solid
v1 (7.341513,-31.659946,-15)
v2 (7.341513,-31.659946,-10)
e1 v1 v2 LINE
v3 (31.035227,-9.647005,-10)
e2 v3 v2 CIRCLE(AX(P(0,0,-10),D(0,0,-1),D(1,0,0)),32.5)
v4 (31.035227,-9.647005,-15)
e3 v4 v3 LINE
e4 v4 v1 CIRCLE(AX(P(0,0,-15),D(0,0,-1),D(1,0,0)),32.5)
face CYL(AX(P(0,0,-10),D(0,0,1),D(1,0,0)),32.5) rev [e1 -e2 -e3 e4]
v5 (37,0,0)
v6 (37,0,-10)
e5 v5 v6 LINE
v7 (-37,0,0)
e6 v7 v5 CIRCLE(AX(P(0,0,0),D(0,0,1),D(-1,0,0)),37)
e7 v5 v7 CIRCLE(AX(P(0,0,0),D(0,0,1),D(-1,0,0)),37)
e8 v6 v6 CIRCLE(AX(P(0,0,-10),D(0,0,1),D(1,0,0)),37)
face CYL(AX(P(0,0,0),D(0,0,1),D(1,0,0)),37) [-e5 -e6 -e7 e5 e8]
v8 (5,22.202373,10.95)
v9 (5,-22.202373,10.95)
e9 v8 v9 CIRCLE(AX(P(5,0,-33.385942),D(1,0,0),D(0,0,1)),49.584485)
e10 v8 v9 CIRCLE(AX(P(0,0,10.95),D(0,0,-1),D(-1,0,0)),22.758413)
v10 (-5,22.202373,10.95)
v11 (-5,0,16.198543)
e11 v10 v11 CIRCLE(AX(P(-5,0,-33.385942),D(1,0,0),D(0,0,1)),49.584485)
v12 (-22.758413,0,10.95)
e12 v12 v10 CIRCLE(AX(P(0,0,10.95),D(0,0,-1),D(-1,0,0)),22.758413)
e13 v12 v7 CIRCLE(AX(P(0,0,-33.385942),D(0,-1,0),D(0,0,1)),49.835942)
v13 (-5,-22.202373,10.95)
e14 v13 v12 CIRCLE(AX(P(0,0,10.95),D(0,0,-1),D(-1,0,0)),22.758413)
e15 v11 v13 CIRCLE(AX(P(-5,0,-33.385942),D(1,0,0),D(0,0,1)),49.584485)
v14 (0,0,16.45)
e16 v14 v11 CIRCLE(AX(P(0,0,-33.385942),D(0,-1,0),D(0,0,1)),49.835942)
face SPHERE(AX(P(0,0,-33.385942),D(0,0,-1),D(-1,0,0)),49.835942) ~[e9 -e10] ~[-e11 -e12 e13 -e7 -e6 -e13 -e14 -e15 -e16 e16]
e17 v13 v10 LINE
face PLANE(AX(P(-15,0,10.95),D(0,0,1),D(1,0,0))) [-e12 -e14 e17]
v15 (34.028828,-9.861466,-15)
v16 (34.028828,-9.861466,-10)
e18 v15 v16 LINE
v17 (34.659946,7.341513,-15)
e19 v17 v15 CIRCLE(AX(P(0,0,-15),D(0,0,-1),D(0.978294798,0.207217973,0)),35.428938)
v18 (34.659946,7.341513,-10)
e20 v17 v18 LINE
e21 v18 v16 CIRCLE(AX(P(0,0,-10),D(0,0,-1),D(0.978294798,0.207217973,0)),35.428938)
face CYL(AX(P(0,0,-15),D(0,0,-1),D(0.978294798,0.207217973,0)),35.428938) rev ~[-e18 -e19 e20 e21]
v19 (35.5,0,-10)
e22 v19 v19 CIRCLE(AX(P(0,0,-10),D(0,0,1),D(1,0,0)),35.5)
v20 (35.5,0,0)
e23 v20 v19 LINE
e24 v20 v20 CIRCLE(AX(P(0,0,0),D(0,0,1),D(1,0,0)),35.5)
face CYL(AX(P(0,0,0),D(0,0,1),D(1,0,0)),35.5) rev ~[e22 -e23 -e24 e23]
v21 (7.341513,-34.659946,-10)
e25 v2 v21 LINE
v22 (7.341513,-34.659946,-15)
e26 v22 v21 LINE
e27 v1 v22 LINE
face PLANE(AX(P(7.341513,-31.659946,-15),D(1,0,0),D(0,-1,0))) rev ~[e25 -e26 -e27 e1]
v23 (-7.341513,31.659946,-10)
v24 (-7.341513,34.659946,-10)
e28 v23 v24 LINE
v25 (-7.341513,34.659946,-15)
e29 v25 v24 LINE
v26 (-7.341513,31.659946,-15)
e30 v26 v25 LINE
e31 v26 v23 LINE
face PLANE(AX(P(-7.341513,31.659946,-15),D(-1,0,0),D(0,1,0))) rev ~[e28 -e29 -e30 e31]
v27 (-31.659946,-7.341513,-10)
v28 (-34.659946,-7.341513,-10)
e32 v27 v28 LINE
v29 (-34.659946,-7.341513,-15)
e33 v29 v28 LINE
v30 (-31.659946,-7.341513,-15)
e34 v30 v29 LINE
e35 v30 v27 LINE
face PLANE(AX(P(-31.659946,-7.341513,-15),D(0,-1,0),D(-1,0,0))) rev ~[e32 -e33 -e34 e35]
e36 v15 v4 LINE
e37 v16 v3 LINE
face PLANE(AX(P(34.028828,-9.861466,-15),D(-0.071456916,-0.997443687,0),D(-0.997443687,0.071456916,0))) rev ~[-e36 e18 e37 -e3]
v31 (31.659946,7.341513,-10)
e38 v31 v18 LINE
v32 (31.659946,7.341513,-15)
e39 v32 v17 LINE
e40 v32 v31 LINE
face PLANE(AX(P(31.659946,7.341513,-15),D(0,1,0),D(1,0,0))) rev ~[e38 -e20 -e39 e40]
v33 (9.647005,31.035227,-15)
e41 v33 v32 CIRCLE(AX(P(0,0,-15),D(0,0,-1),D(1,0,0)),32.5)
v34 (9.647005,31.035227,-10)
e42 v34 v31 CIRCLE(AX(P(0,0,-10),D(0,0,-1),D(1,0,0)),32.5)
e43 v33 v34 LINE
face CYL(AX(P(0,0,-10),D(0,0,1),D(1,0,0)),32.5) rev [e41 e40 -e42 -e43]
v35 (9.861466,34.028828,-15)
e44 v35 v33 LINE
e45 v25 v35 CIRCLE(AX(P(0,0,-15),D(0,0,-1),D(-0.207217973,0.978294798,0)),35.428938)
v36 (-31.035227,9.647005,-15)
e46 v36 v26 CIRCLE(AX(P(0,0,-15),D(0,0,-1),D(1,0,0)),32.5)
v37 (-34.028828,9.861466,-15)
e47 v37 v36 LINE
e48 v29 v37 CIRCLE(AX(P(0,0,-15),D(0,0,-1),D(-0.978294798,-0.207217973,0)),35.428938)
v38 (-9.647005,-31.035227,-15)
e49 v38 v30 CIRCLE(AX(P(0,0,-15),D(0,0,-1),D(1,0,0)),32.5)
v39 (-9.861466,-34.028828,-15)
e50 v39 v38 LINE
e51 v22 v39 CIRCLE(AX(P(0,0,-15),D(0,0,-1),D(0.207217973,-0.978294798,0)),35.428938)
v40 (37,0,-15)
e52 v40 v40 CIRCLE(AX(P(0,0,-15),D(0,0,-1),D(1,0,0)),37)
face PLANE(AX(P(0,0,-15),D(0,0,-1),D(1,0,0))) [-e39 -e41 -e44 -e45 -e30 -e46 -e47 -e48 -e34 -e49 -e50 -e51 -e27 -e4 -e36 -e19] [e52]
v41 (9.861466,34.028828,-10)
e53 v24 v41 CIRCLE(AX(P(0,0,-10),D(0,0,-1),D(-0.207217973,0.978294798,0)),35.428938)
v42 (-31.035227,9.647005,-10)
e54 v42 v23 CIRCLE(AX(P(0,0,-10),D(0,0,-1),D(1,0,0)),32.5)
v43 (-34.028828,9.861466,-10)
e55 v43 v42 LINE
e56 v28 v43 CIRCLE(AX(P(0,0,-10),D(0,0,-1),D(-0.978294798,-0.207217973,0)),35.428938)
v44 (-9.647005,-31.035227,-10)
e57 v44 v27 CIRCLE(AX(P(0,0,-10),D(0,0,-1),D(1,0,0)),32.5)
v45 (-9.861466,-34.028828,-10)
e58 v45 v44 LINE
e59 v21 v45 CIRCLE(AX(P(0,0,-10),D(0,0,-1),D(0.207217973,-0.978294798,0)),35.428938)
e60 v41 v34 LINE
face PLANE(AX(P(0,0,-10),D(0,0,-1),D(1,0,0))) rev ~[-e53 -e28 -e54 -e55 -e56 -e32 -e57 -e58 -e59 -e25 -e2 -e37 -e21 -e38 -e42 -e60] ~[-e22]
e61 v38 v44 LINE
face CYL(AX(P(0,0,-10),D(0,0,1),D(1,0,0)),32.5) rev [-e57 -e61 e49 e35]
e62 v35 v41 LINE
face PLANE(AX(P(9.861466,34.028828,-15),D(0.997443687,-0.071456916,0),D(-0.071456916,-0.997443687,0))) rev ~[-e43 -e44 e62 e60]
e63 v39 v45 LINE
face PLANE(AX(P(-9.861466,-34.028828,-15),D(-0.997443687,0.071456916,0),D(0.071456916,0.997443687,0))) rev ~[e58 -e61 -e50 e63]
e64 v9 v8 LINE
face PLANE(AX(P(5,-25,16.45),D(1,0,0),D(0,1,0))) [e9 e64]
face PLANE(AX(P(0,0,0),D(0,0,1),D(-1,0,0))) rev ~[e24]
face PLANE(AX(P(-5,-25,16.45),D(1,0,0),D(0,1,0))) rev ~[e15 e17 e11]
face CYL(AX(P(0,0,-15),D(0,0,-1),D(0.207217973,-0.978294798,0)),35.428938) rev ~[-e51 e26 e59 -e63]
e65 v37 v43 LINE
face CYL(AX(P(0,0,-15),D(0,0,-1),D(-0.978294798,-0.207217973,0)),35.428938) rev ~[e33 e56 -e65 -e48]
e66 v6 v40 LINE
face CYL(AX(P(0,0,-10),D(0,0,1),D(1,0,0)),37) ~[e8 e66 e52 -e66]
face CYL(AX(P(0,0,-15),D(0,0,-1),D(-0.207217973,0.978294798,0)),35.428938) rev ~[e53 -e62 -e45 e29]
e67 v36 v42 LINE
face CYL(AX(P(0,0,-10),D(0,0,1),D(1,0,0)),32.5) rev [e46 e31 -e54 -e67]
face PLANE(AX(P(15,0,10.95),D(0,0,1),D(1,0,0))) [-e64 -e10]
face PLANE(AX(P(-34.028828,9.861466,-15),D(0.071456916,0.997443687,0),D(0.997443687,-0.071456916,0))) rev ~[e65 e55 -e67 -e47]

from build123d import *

# Parameters (mm, degrees)
F5_R      = 37
F5_R_2    = 35.5
F6_DEPTH  = 10
F7_R      = 37
F7_R_2    = 32.5
F8_DEPTH  = 5
F4_W      = 20
F4_H      = 50
F9_DEPTH  = 5.5
F11_DEPTH = 10


with BuildPart() as f2:
    # F1 (on Front) → F2 (revolve)
    with BuildSketch(Plane.XZ):
        with BuildLine():
            Line((-37, 0), (0, 0))
            Line((0, 0), (0, 16.45))
            ThreePointArc((0, 16.45), (-20.2460026919, 12.152179307), (-37, 0))
        make_face()
    revolve(axis=Axis((0, 0, 8.225), (0, 0, 1)))

    # F5 (on Top) → F6 (join)
    with BuildSketch(Plane.XY):
        Circle(F5_R)
        Circle(F5_R_2, mode=Mode.SUBTRACT)
    extrude(amount=-F6_DEPTH)

    # F7 (on face) → F8 (join)
    with BuildSketch(Plane(origin=(0, 0, -10), x_dir=(1, 0, 0), z_dir=(0, 0, -1))):
        Circle(F7_R)
        Circle(F7_R_2, mode=Mode.SUBTRACT)
    extrude(amount=F8_DEPTH)

    # F4 (on offset) → F9 (cut)
    with BuildSketch(Plane.XY.offset(16.45)):
        with Locations((-15, 0)):
            Rectangle(F4_W, F4_H)
        with Locations((15, 0)):
            Rectangle(F4_W, F4_H)
    extrude(amount=-F9_DEPTH, mode=Mode.SUBTRACT)

    # F10 (on face) → F11 (cut)
    with BuildSketch(Plane(origin=(0, 0, -15), x_dir=(1, 0, 0), z_dir=(0, 0, -1))):
        with BuildLine():
            ThreePointArc((-31.0352267718, -9.6470046761), (-32.4780480974, -1.1943164501), (-31.6599461457, 7.3415127902))
            Line((-31.6599461457, 7.3415127902), (-34.6599461457, 7.3415127902))
            ThreePointArc((-34.6599461457, 7.3415127902), (-35.4051205032, -1.298891462), (-34.0288283151, -9.8614664413))
            Line((-34.0288283151, -9.8614664413), (-31.0352267718, -9.6470046761))
        make_face()
        with BuildLine():
            ThreePointArc((9.6470046761, -31.0352267718), (1.1943164501, -32.4780480974), (-7.3415127902, -31.6599461457))
            Line((-7.3415127902, -31.6599461457), (-7.3415127902, -34.6599461457))
            ThreePointArc((-7.3415127902, -34.6599461457), (1.298891462, -35.4051205032), (9.8614664413, -34.0288283151))
            Line((9.8614664413, -34.0288283151), (9.6470046761, -31.0352267718))
        make_face()
        with BuildLine():
            Line((34.0288283151, 9.8614664413), (31.0352267718, 9.6470046761))
            ThreePointArc((31.0352267718, 9.6470046761), (32.131720076, 4.8787872425), (32.5, 0))
            ThreePointArc((32.5, 0), (32.2893035674, -3.6947090727), (31.6599461457, -7.3415127902))
            Line((31.6599461457, -7.3415127902), (34.6599461457, -7.3415127902))
            ThreePointArc((34.6599461457, -7.3415127902), (35.4051205032, 1.298891462), (34.0288283151, 9.8614664413))
        make_face()
        with BuildLine():
            Line((-9.8614664413, 34.0288283151), (-9.6470046761, 31.0352267718))
            ThreePointArc((-9.6470046761, 31.0352267718), (-1.1943164501, 32.4780480974), (7.3415127902, 31.6599461457))
            Line((7.3415127902, 31.6599461457), (7.3415127902, 34.6599461457))
            ThreePointArc((7.3415127902, 34.6599461457), (-1.298891462, 35.4051205032), (-9.8614664413, 34.0288283151))
        make_face()
    extrude(amount=-F11_DEPTH, mode=Mode.SUBTRACT)


solid = f2.part
